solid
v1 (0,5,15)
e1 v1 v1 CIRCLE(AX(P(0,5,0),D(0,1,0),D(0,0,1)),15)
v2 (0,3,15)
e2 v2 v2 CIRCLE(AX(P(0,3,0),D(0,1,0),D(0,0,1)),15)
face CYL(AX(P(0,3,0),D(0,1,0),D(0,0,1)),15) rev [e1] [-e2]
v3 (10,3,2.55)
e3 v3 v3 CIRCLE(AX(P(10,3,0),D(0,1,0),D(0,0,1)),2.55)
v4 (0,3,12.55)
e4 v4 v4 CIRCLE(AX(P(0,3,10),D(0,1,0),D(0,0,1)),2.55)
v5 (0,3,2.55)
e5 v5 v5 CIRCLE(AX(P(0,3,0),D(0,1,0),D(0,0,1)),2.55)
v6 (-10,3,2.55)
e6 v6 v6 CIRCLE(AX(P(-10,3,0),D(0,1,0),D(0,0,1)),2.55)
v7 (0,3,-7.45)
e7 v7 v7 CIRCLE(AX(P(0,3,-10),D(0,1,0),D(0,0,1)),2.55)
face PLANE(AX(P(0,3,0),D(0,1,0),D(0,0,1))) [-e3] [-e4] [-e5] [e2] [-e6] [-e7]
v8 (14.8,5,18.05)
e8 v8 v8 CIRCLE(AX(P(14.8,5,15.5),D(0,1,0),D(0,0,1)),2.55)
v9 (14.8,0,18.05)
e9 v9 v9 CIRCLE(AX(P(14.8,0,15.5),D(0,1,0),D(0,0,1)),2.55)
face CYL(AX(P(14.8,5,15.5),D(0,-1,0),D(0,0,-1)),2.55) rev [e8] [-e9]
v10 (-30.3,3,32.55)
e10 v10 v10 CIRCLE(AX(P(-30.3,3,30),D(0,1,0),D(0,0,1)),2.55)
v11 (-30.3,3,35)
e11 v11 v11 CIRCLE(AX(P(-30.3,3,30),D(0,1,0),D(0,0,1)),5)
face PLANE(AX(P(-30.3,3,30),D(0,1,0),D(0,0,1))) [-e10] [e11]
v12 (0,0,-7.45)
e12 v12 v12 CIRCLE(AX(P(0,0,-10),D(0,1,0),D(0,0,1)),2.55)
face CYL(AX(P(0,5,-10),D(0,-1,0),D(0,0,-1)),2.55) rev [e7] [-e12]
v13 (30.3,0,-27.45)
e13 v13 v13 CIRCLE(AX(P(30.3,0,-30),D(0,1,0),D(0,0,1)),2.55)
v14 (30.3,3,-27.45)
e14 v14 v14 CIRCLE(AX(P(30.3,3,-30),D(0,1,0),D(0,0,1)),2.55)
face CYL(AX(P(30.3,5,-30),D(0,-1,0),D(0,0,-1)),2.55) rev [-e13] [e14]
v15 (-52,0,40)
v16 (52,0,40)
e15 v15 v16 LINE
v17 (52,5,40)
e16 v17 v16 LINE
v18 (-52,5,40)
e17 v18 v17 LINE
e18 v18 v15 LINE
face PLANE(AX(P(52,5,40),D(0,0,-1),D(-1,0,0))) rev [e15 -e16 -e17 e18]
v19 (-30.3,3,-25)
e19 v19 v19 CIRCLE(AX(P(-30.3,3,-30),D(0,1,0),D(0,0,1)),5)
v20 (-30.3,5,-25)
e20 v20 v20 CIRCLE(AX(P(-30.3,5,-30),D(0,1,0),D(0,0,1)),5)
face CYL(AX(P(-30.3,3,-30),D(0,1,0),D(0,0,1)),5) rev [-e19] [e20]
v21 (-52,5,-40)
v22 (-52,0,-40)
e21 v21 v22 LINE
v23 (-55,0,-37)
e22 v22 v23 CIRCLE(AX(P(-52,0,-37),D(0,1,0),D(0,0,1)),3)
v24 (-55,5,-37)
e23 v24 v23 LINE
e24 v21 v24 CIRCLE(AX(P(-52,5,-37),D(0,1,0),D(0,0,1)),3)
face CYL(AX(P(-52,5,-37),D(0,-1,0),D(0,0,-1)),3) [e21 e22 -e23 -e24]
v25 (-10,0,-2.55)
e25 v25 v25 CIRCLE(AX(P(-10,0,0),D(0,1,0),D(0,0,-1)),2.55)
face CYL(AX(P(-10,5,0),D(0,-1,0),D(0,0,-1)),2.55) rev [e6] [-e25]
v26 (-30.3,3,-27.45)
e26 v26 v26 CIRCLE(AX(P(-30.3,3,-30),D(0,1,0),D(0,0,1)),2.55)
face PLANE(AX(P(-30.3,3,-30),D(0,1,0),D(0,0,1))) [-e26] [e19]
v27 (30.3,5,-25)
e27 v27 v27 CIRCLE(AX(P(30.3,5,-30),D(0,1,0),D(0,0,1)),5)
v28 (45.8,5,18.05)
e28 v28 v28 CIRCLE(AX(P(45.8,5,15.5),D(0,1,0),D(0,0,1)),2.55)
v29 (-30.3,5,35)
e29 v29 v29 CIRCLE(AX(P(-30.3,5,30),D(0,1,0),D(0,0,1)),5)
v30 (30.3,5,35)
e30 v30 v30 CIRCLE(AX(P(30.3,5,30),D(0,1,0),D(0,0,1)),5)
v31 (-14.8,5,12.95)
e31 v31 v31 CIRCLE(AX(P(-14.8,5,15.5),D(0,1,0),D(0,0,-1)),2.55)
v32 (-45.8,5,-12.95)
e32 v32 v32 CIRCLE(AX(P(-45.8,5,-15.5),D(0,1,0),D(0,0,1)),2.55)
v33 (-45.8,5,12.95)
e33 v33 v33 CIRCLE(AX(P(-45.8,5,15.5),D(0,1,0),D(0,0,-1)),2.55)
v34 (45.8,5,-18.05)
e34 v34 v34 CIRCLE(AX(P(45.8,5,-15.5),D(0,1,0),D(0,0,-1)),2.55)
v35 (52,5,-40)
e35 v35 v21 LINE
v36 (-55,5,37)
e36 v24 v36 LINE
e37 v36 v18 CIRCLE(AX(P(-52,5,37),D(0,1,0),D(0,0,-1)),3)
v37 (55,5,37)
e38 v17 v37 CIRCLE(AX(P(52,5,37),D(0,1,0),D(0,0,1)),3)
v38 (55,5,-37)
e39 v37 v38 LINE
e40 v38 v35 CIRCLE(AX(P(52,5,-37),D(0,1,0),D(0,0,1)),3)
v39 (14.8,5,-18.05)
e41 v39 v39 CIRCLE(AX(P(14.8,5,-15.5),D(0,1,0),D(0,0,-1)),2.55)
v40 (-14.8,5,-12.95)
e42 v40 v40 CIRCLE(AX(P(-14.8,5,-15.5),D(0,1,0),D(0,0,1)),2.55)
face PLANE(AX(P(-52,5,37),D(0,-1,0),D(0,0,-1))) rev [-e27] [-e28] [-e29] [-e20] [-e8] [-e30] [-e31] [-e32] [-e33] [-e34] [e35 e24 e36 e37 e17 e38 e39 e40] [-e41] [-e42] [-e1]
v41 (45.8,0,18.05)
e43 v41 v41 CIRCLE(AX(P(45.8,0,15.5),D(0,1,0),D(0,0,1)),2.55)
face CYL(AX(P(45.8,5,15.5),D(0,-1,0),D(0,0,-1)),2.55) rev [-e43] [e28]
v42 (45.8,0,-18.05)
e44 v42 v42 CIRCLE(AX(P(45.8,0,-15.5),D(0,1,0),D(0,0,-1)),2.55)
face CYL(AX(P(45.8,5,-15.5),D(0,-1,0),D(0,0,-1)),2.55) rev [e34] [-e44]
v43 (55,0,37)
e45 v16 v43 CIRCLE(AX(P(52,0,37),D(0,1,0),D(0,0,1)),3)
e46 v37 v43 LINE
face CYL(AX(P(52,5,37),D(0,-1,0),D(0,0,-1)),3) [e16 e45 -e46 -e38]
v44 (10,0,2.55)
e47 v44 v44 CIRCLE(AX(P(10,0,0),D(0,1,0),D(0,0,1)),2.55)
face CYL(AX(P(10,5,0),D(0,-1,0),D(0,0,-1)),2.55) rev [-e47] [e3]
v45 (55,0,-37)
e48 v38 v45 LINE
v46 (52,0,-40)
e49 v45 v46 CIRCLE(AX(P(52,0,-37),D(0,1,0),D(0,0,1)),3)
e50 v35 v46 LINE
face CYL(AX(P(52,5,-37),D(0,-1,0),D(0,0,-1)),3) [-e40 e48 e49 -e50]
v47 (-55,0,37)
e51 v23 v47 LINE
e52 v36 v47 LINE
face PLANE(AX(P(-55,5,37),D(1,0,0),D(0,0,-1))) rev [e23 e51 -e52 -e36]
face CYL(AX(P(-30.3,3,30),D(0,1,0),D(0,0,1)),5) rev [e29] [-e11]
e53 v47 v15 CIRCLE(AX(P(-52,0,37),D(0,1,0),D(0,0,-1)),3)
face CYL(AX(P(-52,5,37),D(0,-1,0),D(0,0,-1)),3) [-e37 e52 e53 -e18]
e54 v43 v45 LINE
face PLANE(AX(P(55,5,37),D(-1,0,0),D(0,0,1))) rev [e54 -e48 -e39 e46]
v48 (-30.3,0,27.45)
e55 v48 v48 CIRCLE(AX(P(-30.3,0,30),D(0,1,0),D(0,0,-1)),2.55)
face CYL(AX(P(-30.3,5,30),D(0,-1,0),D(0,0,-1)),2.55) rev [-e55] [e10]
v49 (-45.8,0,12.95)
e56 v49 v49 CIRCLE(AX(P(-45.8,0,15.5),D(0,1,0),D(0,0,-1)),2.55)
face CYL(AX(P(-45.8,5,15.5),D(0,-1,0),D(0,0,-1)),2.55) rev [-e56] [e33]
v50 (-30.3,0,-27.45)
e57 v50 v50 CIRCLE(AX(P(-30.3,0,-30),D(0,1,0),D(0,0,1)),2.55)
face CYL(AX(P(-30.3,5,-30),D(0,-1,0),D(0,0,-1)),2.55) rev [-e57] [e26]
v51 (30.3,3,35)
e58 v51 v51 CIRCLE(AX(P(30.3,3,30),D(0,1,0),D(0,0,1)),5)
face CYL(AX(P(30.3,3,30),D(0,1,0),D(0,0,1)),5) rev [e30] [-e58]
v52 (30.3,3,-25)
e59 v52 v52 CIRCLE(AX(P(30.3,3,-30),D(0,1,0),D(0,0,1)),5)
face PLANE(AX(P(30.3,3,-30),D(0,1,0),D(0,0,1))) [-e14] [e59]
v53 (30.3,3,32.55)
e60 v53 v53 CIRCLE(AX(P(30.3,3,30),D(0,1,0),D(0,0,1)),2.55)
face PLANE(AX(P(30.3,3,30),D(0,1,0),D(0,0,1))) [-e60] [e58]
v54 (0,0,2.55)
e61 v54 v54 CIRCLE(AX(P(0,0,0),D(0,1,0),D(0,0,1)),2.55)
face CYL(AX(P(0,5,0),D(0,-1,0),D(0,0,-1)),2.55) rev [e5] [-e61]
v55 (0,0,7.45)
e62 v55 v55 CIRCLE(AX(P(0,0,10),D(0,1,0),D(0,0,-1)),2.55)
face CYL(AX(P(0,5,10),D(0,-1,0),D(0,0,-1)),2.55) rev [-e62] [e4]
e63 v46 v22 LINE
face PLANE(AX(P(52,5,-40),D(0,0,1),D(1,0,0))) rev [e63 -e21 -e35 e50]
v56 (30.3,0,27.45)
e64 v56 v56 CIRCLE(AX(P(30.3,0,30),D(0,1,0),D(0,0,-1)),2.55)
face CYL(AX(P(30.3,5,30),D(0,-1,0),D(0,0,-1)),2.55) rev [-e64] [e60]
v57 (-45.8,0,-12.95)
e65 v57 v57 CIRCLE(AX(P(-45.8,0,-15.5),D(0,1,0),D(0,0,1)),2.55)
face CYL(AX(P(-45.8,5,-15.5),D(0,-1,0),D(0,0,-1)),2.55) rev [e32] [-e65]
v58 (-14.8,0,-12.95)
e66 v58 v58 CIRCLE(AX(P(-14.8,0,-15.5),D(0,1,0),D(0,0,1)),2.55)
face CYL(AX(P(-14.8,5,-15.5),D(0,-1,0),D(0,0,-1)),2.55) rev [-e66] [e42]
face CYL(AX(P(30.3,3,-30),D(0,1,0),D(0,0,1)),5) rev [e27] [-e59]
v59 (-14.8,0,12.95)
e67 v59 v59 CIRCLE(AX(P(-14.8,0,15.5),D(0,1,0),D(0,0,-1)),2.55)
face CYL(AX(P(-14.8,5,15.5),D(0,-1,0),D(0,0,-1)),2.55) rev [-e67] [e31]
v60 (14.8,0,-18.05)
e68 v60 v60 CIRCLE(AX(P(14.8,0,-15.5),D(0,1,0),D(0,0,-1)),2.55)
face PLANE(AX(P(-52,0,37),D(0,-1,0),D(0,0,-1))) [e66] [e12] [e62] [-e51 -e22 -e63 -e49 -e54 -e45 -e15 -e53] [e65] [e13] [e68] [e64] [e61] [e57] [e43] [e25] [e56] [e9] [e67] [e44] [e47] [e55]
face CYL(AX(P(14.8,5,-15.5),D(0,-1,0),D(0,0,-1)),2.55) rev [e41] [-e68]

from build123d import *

# Parameters (mm, degrees)
SKETCH1_R           = 2.55
BOSS_EXTRUDE1_DEPTH = 5
SKETCH_1_R          = 5
SKETCH_1_R_2        = 15
CUT_EXTRUDE_1_DEPTH = 2


with BuildPart() as part:
    # Sketch1 → Boss-Extrude1 (new body)
    with BuildSketch(Plane(origin=(0, 0, 0), x_dir=(1, 0, 0), z_dir=(0, 1, 0))):
        with BuildLine():
            Line((52, -40), (-52, -40))
            ThreePointArc((-52, -40), (-54.121320344, -39.121320344), (-55, -37))
            Line((-55, -37), (-55, 37))
            ThreePointArc((-55, 37), (-54.121320344, 39.121320344), (-52, 40))
            Line((-52, 40), (52, 40))
            ThreePointArc((52, 40), (54.121320344, 39.121320344), (55, 37))
            Line((55, 37), (55, -37))
            ThreePointArc((55, -37), (54.121320344, -39.121320344), (52, -40))
        make_face()
        with Locations(Location((-30.3, 30, 0), (0, 0, 270))):
            Circle(SKETCH1_R, mode=Mode.SUBTRACT)
        with Locations(Location((0, 10, 0), (0, 0, 270))):
            Circle(SKETCH1_R, mode=Mode.SUBTRACT)
        with Locations(Location((0, 0, 0), (0, 0, 270))):
            Circle(SKETCH1_R, mode=Mode.SUBTRACT)
        with Locations(Location((10, 0, 0), (0, 0, 270))):
            Circle(SKETCH1_R, mode=Mode.SUBTRACT)
        with Locations(Location((-10, 0, 0), (0, 0, 90))):
            Circle(SKETCH1_R, mode=Mode.SUBTRACT)
        with Locations(Location((-45.8, 15.5, 0), (0, 0, 270))):
            Circle(SKETCH1_R, mode=Mode.SUBTRACT)
        with Locations(Location((30.3, 30, 0), (0, 0, 270))):
            Circle(SKETCH1_R, mode=Mode.SUBTRACT)
        with Locations(Location((0, -10, 0), (0, 0, 90))):
            Circle(SKETCH1_R, mode=Mode.SUBTRACT)
        with Locations(Location((-14.8, 15.5, 0), (0, 0, 270))):
            Circle(SKETCH1_R, mode=Mode.SUBTRACT)
        with Locations(Location((14.8, 15.5, 0), (0, 0, 90))):
            Circle(SKETCH1_R, mode=Mode.SUBTRACT)
        with Locations(Location((45.8, 15.5, 0), (0, 0, 90))):
            Circle(SKETCH1_R, mode=Mode.SUBTRACT)
        with Locations(Location((30.3, -30, 0), (0, 0, 90))):
            Circle(SKETCH1_R, mode=Mode.SUBTRACT)
        with Locations(Location((45.8, -15.5, 0), (0, 0, 270))):
            Circle(SKETCH1_R, mode=Mode.SUBTRACT)
        with Locations(Location((14.8, -15.5, 0), (0, 0, 270))):
            Circle(SKETCH1_R, mode=Mode.SUBTRACT)
        with Locations(Location((-14.8, -15.5, 0), (0, 0, 90))):
            Circle(SKETCH1_R, mode=Mode.SUBTRACT)
        with Locations(Location((-45.8, -15.5, 0), (0, 0, 90))):
            Circle(SKETCH1_R, mode=Mode.SUBTRACT)
        with Locations(Location((-30.3, -30, 0), (0, 0, 90))):
            Circle(SKETCH1_R, mode=Mode.SUBTRACT)
    extrude(amount=BOSS_EXTRUDE1_DEPTH)

    # 草圖1 → 除料-伸長1 (cut)
    with BuildSketch(Plane(origin=(0, 5, 0), x_dir=(1, 0, 0), z_dir=(0, 1, 0))):
        with Locations(Location((-30.3, -30, 0), (0, 0, 270))):
            Circle(SKETCH_1_R)
        with Locations(Location((-30.3, 30, 0), (0, 0, 270))):
            Circle(SKETCH_1_R)
        with Locations(Location((30.3, -30, 0), (0, 0, 270))):
            Circle(SKETCH_1_R)
        with Locations(Location((30.3, 30, 0), (0, 0, 270))):
            Circle(SKETCH_1_R)
        with Locations(Location((0, 0, 0), (0, 0, 270))):
            Circle(SKETCH_1_R_2)
    extrude(amount=-CUT_EXTRUDE_1_DEPTH, mode=Mode.SUBTRACT)


solid = part.part
